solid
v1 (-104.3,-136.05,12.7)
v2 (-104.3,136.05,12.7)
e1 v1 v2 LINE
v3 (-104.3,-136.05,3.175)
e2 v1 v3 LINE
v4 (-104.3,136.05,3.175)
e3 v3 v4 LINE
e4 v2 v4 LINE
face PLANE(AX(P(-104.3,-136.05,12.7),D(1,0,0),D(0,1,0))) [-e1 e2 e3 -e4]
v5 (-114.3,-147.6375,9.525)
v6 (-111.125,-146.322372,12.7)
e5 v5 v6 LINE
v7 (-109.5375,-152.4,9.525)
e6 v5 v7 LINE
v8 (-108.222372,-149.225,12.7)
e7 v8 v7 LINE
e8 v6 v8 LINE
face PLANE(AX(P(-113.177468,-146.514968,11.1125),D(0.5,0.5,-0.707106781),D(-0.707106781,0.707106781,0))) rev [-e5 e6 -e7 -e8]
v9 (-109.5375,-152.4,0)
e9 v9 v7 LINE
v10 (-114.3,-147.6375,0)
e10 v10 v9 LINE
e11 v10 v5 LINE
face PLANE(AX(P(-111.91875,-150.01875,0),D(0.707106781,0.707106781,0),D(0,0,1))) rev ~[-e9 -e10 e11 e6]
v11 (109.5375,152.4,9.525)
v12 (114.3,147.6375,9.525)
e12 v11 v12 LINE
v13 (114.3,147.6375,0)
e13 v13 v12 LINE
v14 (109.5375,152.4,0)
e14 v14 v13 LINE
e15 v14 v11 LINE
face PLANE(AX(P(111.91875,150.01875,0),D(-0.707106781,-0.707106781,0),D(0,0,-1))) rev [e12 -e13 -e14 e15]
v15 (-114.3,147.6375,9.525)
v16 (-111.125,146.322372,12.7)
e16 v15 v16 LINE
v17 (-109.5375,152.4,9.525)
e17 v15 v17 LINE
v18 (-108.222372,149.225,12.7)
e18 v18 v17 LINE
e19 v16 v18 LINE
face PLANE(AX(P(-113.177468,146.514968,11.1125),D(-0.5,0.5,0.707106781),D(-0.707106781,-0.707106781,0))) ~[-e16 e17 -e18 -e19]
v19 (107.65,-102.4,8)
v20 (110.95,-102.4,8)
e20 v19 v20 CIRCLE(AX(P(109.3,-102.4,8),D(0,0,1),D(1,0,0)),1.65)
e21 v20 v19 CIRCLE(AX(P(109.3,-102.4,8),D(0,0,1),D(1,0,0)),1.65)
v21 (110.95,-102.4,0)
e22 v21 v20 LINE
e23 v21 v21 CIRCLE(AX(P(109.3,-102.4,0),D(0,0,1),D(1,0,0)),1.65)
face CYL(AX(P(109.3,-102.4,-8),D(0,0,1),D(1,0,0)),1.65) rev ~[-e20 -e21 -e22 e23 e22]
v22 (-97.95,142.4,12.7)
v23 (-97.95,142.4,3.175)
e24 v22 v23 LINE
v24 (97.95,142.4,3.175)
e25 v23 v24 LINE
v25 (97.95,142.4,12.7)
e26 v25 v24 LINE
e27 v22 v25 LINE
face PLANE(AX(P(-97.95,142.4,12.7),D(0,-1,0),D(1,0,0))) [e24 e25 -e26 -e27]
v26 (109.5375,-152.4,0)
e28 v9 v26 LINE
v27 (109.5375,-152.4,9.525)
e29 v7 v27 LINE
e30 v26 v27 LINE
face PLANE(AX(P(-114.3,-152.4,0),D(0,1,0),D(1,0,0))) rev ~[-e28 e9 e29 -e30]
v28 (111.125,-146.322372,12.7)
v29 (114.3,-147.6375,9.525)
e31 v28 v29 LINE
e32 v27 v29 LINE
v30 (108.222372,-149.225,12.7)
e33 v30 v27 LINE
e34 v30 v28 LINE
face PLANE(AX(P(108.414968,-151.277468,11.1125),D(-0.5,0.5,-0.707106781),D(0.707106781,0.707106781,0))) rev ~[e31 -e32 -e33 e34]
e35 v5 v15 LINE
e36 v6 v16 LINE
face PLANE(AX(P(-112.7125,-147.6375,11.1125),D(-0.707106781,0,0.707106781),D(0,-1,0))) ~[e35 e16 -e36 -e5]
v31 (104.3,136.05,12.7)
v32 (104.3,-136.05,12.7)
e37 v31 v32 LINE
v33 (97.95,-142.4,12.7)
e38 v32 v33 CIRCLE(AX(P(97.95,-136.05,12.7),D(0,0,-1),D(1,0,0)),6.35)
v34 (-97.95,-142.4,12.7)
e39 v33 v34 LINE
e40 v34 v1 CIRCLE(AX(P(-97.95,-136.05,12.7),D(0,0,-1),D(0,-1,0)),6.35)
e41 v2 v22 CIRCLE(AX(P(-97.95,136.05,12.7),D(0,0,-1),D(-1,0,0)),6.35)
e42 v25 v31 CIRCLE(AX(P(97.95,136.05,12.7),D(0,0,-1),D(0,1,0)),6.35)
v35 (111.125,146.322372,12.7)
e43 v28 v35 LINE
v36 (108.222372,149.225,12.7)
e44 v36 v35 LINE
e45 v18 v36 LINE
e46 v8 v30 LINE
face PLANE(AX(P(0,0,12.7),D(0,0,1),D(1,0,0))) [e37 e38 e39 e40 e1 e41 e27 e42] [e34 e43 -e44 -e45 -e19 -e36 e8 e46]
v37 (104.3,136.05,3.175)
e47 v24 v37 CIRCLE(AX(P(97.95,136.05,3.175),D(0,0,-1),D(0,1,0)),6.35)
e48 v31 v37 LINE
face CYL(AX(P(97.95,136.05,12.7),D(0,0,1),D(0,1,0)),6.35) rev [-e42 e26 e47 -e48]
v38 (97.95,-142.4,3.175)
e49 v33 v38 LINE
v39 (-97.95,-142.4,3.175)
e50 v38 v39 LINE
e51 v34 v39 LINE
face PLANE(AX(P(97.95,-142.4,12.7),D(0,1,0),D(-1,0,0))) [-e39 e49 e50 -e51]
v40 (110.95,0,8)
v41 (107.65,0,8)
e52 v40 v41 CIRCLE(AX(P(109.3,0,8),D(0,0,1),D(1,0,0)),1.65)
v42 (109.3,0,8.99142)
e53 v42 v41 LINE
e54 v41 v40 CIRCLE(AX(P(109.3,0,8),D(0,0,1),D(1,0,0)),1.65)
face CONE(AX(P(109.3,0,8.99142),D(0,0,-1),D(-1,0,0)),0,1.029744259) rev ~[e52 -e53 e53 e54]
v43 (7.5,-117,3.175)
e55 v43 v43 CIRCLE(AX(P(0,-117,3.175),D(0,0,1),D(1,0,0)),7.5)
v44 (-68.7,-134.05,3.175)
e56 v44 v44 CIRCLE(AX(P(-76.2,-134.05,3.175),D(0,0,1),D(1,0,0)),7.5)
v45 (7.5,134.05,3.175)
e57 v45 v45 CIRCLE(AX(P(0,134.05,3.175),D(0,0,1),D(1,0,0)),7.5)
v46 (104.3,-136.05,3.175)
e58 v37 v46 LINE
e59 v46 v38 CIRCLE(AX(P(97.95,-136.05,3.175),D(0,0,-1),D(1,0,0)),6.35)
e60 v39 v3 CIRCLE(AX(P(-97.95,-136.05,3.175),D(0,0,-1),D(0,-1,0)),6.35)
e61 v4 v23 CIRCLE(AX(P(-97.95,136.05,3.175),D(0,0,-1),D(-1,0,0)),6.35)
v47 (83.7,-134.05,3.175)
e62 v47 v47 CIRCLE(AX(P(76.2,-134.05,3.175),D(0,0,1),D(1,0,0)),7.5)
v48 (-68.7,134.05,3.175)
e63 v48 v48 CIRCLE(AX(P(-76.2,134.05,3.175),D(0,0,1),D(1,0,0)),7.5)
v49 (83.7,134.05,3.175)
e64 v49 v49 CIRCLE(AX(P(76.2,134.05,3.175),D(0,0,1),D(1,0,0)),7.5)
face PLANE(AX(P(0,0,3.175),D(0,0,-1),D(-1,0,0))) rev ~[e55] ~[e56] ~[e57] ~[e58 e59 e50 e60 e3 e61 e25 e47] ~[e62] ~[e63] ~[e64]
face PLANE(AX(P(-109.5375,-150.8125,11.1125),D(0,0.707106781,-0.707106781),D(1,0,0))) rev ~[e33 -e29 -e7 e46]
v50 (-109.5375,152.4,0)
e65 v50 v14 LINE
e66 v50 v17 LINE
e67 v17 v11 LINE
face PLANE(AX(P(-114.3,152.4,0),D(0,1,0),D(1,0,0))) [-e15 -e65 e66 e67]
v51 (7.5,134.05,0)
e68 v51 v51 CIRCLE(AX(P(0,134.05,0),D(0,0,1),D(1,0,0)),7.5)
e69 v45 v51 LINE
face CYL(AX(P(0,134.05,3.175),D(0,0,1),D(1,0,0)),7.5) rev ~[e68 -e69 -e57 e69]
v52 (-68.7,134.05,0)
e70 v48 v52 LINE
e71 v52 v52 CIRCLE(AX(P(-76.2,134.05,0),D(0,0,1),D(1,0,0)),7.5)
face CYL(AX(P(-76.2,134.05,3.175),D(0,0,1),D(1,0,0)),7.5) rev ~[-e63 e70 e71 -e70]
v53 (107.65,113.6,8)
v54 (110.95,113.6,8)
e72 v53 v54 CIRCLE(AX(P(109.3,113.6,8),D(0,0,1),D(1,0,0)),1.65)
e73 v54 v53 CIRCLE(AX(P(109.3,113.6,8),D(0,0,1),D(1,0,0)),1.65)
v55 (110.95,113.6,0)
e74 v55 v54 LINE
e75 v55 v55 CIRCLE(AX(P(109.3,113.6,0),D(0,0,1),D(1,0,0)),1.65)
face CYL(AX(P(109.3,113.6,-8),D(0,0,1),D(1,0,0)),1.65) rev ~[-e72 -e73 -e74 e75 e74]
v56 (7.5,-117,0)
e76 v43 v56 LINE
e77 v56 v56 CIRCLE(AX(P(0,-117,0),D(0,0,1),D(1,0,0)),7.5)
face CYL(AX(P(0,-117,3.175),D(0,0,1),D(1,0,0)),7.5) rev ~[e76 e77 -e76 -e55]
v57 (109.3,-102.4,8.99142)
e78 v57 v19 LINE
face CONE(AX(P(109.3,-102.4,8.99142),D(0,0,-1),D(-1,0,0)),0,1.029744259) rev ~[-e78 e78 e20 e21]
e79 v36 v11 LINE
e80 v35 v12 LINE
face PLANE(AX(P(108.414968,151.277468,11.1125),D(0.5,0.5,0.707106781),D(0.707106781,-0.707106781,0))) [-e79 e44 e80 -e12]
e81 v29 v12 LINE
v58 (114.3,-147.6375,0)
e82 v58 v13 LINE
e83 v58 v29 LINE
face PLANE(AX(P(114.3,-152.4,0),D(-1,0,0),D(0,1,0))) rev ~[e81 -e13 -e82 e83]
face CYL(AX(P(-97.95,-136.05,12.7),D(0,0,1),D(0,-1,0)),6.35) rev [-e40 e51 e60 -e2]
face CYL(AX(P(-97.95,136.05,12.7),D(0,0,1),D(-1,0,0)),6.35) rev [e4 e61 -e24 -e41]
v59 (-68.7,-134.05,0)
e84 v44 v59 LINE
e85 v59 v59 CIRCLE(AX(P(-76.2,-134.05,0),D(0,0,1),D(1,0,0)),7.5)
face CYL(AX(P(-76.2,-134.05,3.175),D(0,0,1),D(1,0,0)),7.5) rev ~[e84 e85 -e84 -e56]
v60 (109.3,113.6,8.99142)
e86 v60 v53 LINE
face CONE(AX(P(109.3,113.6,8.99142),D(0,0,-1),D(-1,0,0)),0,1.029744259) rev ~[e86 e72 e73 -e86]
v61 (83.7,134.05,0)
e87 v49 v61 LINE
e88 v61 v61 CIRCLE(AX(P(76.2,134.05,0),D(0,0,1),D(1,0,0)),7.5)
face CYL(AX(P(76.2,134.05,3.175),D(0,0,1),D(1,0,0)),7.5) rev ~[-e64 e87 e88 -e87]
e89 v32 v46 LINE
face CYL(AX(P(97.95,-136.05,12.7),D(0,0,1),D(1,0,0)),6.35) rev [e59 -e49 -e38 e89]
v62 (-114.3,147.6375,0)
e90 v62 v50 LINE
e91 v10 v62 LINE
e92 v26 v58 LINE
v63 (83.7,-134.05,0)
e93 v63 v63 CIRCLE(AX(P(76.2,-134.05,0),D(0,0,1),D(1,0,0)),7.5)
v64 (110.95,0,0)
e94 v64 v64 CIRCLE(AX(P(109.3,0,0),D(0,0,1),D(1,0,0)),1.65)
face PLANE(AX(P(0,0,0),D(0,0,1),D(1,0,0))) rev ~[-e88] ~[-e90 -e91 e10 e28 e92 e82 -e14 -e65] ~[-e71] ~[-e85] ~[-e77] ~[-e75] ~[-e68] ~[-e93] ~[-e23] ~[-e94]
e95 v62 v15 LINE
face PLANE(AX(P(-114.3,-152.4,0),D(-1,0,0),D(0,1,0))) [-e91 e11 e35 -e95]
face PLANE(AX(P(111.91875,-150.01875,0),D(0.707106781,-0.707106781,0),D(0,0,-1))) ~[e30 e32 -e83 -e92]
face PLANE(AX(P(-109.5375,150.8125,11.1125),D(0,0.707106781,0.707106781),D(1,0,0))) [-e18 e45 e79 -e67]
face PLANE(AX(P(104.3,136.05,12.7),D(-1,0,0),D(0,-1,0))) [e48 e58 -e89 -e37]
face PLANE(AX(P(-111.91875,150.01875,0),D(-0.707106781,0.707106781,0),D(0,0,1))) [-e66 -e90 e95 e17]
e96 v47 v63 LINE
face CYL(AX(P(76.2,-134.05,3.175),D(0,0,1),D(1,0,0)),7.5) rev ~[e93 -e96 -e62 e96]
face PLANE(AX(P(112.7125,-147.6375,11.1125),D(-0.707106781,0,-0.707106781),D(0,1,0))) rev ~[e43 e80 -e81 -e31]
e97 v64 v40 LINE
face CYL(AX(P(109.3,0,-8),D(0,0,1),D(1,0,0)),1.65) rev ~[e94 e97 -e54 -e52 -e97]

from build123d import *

# Parameters (mm, degrees)
SKETCH1_W                 = 228.6
SKETCH1_H                 = 304.8
BOSS_EXTRUDE1_DEPTH       = 12.7
CUT_EXTRUDE1_DEPTH        = 9.525
SKETCH4_R                 = 7.5
CUT_EXTRUDE2_DEPTH        = 4.175
M4X0_7_TAPPED_HOLE1_D     = 3.3
M4X0_7_TAPPED_HOLE1_DEPTH = 8
M4X0_7_TAPPED_HOLE1_TIP   = 0.991420021
CHAMFER1_SIZE             = 4.7625
CHAMFER2_SIZE             = 3.175


with BuildPart() as part:
    # Sketch1 → Boss-Extrude1 (new body)
    with BuildSketch(Plane.XY):
        Rectangle(SKETCH1_W, SKETCH1_H)
    extrude(amount=BOSS_EXTRUDE1_DEPTH)

    # Sketch2 → Cut-Extrude1 (cut)
    with BuildSketch(Plane.XY.offset(12.7)):
        with BuildLine():
            Line((97.95, -142.4), (-97.95, -142.4))
            ThreePointArc((-97.95, -142.4), (-102.440128061, -140.540128061), (-104.3, -136.05))
            Line((-104.3, -136.05), (-104.3, 136.05))
            ThreePointArc((-104.3, 136.05), (-102.440128061, 140.540128061), (-97.95, 142.4))
            Line((-97.95, 142.4), (97.95, 142.4))
            ThreePointArc((97.95, 142.4), (102.440128061, 140.540128061), (104.3, 136.05))
            Line((104.3, 136.05), (104.3, -136.05))
            ThreePointArc((104.3, -136.05), (102.440128061, -140.540128061), (97.95, -142.4))
        make_face()
    extrude(amount=-CUT_EXTRUDE1_DEPTH, mode=Mode.SUBTRACT)

    # Sketch4 → Cut-Extrude2 (cut, through all)
    with BuildSketch(Plane.XY.offset(3.175)):
        with Locations((-76.2, 134.05)):
            Circle(SKETCH4_R)
        with Locations((76.2, 134.05)):
            Circle(SKETCH4_R)
        with Locations((-76.2, -134.05)):
            Circle(SKETCH4_R)
        with Locations((76.2, -134.05)):
            Circle(SKETCH4_R)
        with Locations((0, 134.05)):
            Circle(SKETCH4_R)
        with Locations((0, -117)):
            Circle(SKETCH4_R)
    extrude(amount=-CUT_EXTRUDE2_DEPTH, mode=Mode.SUBTRACT)

    # M4x0.7 Tapped Hole1
    with Locations(Plane(origin=(0, 0, 0), x_dir=(-1, 0, 0), z_dir=(0, 0, -1))):
        with Locations((-109.3, -102.4), (-109.3, 0), (-109.3, 113.6)):
            Hole(M4X0_7_TAPPED_HOLE1_D / 2, depth=M4X0_7_TAPPED_HOLE1_DEPTH)
            with Locations((0, 0, -(M4X0_7_TAPPED_HOLE1_DEPTH + M4X0_7_TAPPED_HOLE1_TIP / 2))):  # 118° drill point
                Cone(0, M4X0_7_TAPPED_HOLE1_D / 2, M4X0_7_TAPPED_HOLE1_TIP, mode=Mode.SUBTRACT)

    # Chamfer1
    chamfer1_edges = [part.edges().sort_by_distance(p)[0] for p in [
        (-114.3, 152.4, 6.35),
        (114.3, 152.4, 6.35),
        (114.3, -152.4, 6.35),
        (-114.3, -152.4, 6.35),
    ]]
    chamfer(chamfer1_edges, length=CHAMFER1_SIZE)

    # Chamfer2
    chamfer2_edges = [part.edges().sort_by_distance(p)[0] for p in [
        (0, -152.4, 12.7),
        (-114.3, 0, 12.7),
        (114.3, 0, 12.7),
        (0, 152.4, 12.7),
        (111.91875, 150.01875, 12.7),
        (-111.91875, 150.01875, 12.7),
        (111.91875, -150.01875, 12.7),
        (-111.91875, -150.01875, 12.7),
    ]]
    chamfer(chamfer2_edges, length=CHAMFER2_SIZE)


solid = part.part
